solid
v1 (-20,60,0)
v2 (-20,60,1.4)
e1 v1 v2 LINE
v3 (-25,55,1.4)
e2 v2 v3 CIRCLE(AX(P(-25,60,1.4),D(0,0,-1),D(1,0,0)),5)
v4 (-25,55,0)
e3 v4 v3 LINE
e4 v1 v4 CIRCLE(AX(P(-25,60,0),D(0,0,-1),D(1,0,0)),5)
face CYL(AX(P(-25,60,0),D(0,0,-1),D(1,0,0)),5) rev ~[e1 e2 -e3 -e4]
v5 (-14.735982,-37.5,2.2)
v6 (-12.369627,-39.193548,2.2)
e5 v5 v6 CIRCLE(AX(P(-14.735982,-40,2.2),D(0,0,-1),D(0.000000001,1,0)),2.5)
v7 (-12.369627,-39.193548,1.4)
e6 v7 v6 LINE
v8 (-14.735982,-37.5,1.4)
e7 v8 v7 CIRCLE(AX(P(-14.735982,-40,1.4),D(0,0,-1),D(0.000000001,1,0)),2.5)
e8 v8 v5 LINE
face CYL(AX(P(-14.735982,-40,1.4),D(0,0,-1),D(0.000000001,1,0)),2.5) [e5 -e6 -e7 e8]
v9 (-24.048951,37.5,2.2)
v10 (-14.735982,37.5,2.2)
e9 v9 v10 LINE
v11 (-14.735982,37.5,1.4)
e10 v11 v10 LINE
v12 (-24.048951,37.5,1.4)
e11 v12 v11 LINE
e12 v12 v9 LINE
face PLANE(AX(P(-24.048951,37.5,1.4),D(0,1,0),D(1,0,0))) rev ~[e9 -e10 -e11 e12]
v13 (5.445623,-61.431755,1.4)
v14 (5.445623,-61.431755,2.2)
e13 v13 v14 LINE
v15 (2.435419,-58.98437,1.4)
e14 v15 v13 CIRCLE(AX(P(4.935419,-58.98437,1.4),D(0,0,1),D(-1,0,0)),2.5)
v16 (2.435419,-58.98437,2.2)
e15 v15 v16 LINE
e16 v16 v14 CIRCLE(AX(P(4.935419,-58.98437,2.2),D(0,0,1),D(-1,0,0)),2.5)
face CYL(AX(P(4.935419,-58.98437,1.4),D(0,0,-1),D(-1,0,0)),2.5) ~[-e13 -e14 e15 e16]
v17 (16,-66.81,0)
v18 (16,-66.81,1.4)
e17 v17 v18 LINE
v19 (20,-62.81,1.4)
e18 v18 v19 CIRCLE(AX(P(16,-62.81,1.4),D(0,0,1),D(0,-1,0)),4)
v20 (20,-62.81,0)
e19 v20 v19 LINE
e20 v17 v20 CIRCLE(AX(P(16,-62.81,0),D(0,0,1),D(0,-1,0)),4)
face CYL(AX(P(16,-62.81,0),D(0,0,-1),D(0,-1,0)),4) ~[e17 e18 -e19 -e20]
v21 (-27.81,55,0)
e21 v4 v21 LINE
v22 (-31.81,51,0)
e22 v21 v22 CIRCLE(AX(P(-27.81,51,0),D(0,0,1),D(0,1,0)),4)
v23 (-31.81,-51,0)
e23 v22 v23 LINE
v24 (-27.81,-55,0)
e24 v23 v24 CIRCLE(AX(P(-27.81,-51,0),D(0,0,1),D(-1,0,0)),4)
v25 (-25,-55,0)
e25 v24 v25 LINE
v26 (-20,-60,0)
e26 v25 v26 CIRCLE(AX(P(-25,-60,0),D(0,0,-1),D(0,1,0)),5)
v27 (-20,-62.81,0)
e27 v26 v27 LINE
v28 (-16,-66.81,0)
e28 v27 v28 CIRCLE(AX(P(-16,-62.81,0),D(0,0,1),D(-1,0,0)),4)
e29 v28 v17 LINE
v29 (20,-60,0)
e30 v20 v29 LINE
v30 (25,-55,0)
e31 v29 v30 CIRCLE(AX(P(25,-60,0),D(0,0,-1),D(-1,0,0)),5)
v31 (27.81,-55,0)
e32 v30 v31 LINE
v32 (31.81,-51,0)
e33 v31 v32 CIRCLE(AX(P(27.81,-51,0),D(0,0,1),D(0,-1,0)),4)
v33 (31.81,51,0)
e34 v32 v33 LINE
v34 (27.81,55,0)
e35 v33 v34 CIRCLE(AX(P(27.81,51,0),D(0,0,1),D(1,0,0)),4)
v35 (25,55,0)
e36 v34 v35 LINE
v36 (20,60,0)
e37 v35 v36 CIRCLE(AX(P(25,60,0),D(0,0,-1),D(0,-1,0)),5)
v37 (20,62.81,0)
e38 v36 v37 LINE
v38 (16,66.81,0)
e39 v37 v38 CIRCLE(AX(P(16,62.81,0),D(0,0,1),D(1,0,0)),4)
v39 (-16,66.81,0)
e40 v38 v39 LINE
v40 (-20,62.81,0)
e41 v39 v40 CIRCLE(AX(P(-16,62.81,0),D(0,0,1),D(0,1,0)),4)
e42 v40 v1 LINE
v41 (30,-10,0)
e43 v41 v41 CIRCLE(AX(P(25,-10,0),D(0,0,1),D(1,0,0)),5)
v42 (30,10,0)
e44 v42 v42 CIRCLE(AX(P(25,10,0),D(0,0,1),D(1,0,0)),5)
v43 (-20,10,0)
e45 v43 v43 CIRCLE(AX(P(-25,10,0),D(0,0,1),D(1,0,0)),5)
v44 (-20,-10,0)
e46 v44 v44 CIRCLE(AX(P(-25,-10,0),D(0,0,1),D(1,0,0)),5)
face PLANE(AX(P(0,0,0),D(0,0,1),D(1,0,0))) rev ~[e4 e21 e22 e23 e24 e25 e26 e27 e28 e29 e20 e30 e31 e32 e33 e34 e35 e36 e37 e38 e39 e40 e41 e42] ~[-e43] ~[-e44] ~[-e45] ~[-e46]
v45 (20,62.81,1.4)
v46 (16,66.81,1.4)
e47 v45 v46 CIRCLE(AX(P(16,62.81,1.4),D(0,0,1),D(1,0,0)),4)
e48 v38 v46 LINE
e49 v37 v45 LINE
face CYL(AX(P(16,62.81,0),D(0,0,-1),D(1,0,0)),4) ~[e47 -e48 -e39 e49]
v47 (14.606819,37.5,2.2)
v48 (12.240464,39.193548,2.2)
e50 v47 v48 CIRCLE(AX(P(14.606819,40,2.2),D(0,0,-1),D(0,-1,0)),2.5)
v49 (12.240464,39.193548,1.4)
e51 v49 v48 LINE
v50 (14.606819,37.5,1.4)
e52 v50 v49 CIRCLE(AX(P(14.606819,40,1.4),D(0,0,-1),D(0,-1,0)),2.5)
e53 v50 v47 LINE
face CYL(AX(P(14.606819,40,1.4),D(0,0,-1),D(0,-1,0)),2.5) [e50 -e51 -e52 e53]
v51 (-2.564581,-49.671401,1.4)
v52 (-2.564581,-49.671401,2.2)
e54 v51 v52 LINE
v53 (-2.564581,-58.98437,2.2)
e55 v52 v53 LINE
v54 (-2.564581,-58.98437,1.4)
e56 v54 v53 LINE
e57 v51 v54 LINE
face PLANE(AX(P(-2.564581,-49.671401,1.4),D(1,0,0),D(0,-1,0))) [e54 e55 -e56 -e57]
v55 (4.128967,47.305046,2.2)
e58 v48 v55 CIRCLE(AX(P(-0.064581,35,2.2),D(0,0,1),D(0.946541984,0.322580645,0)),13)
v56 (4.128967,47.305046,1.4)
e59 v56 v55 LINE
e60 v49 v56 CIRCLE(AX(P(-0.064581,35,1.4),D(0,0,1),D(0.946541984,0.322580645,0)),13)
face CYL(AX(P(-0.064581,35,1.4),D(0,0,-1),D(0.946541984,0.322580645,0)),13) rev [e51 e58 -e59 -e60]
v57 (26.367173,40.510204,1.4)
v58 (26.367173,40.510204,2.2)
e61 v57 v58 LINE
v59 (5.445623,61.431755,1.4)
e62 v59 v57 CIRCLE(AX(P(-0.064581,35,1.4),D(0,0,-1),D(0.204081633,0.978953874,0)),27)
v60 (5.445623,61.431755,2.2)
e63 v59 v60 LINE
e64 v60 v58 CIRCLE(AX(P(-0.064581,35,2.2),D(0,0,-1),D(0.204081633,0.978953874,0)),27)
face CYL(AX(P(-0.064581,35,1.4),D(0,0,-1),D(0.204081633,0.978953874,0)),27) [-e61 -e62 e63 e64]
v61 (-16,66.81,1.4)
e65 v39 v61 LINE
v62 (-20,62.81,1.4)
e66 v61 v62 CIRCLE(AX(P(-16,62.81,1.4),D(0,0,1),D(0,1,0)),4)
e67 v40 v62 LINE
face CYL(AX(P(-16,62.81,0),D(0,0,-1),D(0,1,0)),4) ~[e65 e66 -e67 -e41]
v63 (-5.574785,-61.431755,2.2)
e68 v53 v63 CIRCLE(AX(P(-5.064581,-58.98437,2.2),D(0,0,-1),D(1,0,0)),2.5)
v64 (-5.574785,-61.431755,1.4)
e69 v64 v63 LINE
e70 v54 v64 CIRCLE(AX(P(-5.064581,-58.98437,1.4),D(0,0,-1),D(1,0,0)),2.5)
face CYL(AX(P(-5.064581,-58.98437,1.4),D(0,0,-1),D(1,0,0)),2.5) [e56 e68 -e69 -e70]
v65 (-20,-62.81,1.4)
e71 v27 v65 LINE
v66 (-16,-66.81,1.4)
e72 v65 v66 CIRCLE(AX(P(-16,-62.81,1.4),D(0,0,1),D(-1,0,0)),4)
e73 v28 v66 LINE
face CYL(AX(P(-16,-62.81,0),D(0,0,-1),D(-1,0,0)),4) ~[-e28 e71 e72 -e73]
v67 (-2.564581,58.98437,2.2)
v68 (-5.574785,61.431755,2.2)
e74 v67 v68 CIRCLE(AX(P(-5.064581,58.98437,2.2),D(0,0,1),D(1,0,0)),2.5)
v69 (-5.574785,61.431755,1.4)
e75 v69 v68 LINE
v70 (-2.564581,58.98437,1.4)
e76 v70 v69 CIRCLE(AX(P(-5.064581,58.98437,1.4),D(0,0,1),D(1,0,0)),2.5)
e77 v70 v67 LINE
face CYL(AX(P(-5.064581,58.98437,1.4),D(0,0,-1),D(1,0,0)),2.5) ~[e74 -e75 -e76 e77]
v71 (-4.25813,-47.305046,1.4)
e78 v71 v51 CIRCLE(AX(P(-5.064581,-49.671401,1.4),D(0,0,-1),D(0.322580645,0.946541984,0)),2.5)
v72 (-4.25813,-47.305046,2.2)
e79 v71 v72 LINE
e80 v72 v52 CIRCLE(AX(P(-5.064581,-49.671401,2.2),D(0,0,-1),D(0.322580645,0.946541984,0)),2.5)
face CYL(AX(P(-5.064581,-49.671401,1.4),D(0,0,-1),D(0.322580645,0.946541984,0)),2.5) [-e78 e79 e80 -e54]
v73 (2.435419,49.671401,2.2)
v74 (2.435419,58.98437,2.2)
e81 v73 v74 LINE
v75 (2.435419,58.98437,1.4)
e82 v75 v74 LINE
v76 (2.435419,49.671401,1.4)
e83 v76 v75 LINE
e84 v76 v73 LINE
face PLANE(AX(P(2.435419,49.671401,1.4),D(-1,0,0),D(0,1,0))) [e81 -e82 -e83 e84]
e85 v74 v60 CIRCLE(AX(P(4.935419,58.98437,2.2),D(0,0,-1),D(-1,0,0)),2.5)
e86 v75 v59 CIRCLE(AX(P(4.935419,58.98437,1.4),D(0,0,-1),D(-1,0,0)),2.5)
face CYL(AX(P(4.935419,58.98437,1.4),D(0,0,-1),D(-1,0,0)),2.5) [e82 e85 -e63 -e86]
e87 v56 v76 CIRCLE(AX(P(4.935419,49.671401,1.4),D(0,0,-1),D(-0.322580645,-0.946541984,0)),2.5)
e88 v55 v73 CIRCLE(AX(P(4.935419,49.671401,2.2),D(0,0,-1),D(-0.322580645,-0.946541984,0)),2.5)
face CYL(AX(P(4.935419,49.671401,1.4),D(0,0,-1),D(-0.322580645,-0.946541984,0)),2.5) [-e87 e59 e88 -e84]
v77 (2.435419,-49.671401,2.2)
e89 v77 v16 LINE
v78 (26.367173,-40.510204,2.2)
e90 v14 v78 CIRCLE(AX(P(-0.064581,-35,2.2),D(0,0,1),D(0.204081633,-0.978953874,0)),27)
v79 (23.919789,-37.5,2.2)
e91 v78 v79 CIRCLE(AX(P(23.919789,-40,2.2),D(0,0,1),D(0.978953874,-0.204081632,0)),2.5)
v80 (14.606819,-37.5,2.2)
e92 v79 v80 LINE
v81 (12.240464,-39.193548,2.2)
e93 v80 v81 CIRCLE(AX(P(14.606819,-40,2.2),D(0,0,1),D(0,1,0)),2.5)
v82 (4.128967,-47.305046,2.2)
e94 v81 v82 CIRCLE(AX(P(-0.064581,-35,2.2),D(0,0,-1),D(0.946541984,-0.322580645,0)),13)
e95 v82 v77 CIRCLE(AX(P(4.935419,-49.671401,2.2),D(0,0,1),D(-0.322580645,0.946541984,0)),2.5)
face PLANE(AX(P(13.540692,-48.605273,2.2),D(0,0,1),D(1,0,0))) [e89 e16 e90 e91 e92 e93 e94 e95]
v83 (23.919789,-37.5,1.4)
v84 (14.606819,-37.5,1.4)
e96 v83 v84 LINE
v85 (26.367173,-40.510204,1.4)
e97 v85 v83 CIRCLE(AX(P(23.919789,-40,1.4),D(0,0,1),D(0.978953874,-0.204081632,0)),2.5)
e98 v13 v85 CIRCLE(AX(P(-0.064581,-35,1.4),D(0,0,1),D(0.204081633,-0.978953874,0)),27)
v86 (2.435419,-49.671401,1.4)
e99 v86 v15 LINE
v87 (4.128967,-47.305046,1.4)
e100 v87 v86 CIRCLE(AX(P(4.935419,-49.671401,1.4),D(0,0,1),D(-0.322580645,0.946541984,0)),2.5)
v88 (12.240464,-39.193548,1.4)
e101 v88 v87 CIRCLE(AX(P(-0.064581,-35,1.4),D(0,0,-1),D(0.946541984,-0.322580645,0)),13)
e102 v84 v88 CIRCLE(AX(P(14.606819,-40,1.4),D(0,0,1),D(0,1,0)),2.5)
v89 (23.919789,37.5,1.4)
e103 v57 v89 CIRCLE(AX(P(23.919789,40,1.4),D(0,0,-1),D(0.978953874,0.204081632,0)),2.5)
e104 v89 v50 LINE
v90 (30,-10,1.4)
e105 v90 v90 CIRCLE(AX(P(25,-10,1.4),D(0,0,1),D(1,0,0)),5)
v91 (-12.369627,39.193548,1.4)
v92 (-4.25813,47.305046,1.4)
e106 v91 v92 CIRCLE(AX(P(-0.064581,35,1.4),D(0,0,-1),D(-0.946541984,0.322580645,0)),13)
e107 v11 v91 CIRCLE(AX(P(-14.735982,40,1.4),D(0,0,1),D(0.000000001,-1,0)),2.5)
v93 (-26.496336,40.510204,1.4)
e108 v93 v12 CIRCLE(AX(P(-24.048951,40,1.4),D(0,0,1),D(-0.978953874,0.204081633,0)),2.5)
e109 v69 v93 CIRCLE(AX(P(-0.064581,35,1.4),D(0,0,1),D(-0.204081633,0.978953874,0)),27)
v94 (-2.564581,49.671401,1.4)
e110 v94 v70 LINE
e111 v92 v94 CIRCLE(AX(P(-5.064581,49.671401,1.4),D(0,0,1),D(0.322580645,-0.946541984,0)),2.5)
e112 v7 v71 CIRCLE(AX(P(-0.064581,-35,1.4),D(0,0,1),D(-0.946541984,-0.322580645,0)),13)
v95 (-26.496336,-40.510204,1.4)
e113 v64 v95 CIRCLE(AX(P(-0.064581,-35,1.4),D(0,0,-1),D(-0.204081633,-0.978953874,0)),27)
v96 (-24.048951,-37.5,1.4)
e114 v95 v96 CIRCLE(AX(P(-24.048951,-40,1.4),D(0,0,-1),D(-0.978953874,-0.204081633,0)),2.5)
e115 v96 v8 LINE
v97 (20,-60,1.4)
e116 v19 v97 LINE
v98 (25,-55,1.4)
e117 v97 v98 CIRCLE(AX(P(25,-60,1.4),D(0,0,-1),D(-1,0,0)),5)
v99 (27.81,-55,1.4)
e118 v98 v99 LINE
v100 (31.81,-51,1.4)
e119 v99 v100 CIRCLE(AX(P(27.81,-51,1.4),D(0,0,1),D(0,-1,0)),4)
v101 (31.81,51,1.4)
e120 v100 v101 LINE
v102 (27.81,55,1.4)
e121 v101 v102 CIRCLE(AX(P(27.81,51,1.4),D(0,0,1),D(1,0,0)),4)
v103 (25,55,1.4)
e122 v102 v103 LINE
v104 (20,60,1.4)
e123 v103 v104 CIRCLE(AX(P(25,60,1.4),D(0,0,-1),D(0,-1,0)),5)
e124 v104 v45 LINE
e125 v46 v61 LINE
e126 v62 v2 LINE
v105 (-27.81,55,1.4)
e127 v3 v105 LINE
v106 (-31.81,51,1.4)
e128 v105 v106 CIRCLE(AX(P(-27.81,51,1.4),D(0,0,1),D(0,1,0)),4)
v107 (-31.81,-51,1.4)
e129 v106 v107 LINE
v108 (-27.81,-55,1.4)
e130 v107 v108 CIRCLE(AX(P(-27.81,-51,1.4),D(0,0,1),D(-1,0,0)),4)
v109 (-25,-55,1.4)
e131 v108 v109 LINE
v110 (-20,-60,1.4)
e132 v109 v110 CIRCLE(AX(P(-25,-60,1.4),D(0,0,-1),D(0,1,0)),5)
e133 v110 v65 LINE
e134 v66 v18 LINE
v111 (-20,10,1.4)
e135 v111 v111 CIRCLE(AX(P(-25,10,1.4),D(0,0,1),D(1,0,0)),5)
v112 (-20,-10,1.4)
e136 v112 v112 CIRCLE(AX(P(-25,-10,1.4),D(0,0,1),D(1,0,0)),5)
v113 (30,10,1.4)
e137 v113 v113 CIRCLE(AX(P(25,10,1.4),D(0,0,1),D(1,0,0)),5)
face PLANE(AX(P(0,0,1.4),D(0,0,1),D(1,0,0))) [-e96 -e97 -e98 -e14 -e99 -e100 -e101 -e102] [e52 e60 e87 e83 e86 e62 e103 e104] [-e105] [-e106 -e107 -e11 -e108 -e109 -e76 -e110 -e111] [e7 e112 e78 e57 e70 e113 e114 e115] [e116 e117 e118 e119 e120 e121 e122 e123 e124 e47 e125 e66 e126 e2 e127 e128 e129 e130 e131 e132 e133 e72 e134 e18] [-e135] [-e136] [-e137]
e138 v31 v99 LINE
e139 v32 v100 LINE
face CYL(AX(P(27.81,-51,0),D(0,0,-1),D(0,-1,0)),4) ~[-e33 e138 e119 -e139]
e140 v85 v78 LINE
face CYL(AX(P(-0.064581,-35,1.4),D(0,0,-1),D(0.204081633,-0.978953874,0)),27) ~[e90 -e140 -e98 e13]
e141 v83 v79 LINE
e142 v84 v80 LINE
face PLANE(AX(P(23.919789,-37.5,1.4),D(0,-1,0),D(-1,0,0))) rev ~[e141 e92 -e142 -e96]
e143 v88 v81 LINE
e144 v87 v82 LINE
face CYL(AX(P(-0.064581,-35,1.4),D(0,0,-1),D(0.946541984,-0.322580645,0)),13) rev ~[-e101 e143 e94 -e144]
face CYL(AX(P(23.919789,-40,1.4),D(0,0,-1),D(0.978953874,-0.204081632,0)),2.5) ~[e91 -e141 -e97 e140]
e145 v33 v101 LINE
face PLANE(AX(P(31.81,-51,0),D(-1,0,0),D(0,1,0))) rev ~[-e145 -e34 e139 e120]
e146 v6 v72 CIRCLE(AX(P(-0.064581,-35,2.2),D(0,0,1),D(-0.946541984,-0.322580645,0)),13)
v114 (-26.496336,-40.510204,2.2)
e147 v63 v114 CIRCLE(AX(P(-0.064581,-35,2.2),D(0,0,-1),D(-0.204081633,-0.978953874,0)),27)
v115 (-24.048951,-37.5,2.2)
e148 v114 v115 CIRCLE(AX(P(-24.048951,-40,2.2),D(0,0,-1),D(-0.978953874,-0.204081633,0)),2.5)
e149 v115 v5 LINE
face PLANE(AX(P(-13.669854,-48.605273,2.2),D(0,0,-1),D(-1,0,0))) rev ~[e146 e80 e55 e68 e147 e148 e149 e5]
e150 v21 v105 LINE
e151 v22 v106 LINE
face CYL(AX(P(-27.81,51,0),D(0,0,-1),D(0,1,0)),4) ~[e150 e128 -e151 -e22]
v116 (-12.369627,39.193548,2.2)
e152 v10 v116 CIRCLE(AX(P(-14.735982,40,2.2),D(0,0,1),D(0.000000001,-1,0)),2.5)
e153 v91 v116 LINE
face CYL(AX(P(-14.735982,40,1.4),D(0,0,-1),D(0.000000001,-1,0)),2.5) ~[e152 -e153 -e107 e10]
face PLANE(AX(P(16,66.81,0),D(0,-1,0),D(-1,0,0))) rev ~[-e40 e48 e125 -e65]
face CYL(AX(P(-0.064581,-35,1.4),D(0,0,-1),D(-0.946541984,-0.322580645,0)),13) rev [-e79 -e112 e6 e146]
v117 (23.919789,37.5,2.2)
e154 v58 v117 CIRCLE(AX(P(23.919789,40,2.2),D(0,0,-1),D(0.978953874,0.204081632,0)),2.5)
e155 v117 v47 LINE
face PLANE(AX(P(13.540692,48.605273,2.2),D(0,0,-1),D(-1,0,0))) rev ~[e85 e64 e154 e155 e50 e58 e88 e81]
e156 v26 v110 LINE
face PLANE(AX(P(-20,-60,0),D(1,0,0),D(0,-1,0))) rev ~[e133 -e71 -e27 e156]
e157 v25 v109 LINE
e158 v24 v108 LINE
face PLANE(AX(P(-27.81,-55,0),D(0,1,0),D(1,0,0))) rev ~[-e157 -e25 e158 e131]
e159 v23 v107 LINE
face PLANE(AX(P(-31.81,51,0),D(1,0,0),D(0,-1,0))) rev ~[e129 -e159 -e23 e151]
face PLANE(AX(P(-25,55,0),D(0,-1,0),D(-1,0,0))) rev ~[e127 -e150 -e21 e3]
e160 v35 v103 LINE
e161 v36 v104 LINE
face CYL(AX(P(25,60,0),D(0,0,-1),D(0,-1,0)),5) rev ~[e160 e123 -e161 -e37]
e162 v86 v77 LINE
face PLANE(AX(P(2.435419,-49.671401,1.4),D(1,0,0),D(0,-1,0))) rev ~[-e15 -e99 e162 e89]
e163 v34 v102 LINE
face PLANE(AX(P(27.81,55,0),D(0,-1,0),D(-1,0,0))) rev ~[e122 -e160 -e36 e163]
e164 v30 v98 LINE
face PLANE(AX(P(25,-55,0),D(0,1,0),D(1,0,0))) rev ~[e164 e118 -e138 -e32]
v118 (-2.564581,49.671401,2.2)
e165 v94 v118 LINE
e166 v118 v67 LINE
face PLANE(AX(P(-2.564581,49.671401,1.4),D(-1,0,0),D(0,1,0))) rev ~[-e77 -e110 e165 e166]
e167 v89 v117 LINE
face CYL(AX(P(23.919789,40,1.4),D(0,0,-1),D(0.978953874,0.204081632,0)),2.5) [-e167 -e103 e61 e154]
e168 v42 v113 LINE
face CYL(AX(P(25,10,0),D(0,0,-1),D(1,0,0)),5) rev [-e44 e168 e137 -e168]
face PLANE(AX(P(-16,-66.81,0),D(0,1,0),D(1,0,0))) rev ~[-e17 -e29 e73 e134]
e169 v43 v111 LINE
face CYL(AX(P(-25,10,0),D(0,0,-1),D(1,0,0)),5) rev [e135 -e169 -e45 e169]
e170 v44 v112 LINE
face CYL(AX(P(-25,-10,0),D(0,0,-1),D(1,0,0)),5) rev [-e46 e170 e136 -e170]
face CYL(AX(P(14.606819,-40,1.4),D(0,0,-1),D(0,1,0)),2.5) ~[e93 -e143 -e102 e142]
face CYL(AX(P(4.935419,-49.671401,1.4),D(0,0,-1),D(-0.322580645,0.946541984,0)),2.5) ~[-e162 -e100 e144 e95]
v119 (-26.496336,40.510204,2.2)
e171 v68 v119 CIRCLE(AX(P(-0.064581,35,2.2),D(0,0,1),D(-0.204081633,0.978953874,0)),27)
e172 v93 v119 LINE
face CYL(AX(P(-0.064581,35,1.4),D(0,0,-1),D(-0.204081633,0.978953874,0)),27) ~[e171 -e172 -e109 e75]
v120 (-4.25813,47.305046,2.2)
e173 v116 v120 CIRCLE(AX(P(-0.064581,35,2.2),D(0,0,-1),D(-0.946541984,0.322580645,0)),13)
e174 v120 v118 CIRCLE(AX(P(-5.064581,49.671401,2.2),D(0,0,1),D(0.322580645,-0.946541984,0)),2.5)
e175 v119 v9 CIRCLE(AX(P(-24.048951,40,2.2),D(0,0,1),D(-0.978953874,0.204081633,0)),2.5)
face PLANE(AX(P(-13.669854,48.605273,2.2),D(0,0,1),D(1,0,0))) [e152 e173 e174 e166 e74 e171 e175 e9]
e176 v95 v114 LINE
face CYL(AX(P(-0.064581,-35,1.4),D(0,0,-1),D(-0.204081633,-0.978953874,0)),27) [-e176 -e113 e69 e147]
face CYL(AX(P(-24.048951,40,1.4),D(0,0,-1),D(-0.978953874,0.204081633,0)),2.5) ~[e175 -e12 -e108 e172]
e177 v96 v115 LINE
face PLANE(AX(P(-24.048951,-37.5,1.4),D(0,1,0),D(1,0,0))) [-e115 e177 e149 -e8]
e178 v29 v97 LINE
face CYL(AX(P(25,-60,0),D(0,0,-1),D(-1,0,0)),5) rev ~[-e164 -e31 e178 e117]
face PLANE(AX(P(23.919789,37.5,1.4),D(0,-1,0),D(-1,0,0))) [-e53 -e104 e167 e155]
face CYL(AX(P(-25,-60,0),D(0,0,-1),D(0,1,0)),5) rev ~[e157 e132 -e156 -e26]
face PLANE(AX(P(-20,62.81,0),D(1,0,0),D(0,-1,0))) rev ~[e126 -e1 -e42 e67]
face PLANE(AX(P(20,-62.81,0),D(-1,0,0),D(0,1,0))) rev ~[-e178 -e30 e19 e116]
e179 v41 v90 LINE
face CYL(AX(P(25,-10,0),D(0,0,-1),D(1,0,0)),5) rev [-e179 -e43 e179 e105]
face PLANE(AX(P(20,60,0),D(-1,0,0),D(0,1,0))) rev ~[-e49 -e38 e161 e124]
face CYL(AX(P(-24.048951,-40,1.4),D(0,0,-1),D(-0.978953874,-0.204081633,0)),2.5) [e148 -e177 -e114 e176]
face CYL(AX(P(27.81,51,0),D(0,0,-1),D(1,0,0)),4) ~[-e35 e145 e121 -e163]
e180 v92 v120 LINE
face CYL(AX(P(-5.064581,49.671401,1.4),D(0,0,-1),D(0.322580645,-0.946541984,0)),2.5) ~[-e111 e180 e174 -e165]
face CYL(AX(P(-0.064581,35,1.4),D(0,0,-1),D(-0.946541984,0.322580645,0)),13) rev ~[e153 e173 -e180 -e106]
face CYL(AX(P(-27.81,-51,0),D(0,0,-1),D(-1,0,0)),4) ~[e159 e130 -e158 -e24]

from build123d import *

# Parameters (mm, degrees)
SKETCH1_R           = 5
BOSS_EXTRUDE1_DEPTH = 1.4
BOSS_EXTRUDE2_DEPTH = 0.8


with BuildPart() as part:
    # Sketch1 → Boss-Extrude1 (new body)
    with BuildSketch(Plane.XY):
        with BuildLine():
            Line((20, 60), (20, 62.81))
            ThreePointArc((20, 62.81), (18.828427125, 65.638427125), (16, 66.81))
            Line((16, 66.81), (-16, 66.81))
            ThreePointArc((-16, 66.81), (-18.828427125, 65.638427125), (-20, 62.81))
            Line((-20, 62.81), (-20, 60))
            ThreePointArc((-20, 60), (-21.464466094, 56.464466094), (-25, 55))
            Line((-25, 55), (-27.81, 55))
            ThreePointArc((-27.81, 55), (-30.638427125, 53.828427125), (-31.81, 51))
            Line((-31.81, 51), (-31.81, -51))
            ThreePointArc((-31.81, -51), (-30.638427125, -53.828427125), (-27.81, -55))
            Line((-27.81, -55), (-25, -55))
            ThreePointArc((-25, -55), (-21.464466094, -56.464466094), (-20, -60))
            Line((-20, -60), (-20, -62.81))
            ThreePointArc((-20, -62.81), (-18.828427125, -65.638427125), (-16, -66.81))
            Line((-16, -66.81), (16, -66.81))
            ThreePointArc((16, -66.81), (18.828427125, -65.638427125), (20, -62.81))
            Line((20, -62.81), (20, -60))
            ThreePointArc((20, -60), (21.464466094, -56.464466094), (25, -55))
            Line((25, -55), (27.81, -55))
            ThreePointArc((27.81, -55), (30.638427125, -53.828427125), (31.81, -51))
            Line((31.81, -51), (31.81, 51))
            ThreePointArc((31.81, 51), (30.638427125, 53.828427125), (27.81, 55))
            Line((27.81, 55), (25, 55))
            ThreePointArc((25, 55), (21.464466094, 56.464466094), (20, 60))
        make_face()
        with Locations((-25, 10)):
            Circle(SKETCH1_R, mode=Mode.SUBTRACT)
        with Locations((25, 10)):
            Circle(SKETCH1_R, mode=Mode.SUBTRACT)
        with Locations((-25, -10)):
            Circle(SKETCH1_R, mode=Mode.SUBTRACT)
        with Locations((25, -10)):
            Circle(SKETCH1_R, mode=Mode.SUBTRACT)
    extrude(amount=BOSS_EXTRUDE1_DEPTH)

    # Sketch2 → Boss-Extrude2 (add)
    with BuildSketch(Plane.XY.offset(1.4)):
        with BuildLine():
            Line((-24.048951294, 37.5), (-14.735982135, 37.5))
            ThreePointArc((-14.735982135, 37.5), (-13.281012897, 37.967006022), (-12.369627175, 39.193548387))
            ThreePointArc((-12.369627175, 39.193548387), (-9.256969539, 44.192388155), (-4.258129771, 47.305045791))
            ThreePointArc((-4.258129771, 47.305045791), (-3.031587405, 48.216431513), (-2.564581384, 49.671400751))
            Line((-2.564581384, 49.671400751), (-2.564581384, 58.98436991))
            ThreePointArc((-2.564581384, 58.98436991), (-3.487481229, 60.924152141), (-5.574785465, 61.431754595))
            ThreePointArc((-5.574785465, 61.431754595), (-19.156464476, 54.091883092), (-26.496335979, 40.510204082))
            ThreePointArc((-26.496335979, 40.510204082), (-25.988733525, 38.422899845), (-24.048951294, 37.5))
        make_face()
        with BuildLine():
            Line((23.919788527, 37.5), (14.606819368, 37.5))
            ThreePointArc((14.606819368, 37.5), (13.151850129, 37.967006022), (12.240464408, 39.193548387))
            ThreePointArc((12.240464408, 39.193548387), (9.127806772, 44.192388155), (4.128967004, 47.305045791))
            ThreePointArc((4.128967004, 47.305045791), (2.902424638, 48.216431513), (2.435418616, 49.671400751))
            Line((2.435418616, 49.671400751), (2.435418616, 58.98436991))
            ThreePointArc((2.435418616, 58.98436991), (3.358318462, 60.924152141), (5.445622698, 61.431754595))
            ThreePointArc((5.445622698, 61.431754595), (19.027301709, 54.091883092), (26.367173212, 40.510204082))
            ThreePointArc((26.367173212, 40.510204082), (25.859570757, 38.422899845), (23.919788527, 37.5))
        make_face()
        with BuildLine():
            Line((-24.048951294, -37.5), (-14.735982135, -37.5))
            ThreePointArc((-14.735982135, -37.5), (-13.281012897, -37.967006022), (-12.369627175, -39.193548387))
            ThreePointArc((-12.369627175, -39.193548387), (-9.256969539, -44.192388155), (-4.258129771, -47.305045791))
            ThreePointArc((-4.258129771, -47.305045791), (-3.031587405, -48.216431513), (-2.564581384, -49.671400751))
            Line((-2.564581384, -49.671400751), (-2.564581384, -58.98436991))
            ThreePointArc((-2.564581384, -58.98436991), (-3.487481229, -60.924152141), (-5.574785465, -61.431754595))
            ThreePointArc((-5.574785465, -61.431754595), (-19.156464476, -54.091883092), (-26.496335979, -40.510204082))
            ThreePointArc((-26.496335979, -40.510204082), (-25.988733525, -38.422899845), (-24.048951294, -37.5))
        make_face()
        with BuildLine():
            Line((2.435418616, -49.671400751), (2.435418616, -58.98436991))
            ThreePointArc((2.435418616, -58.98436991), (3.358318462, -60.924152141), (5.445622698, -61.431754595))
            ThreePointArc((5.445622698, -61.431754595), (19.027301709, -54.091883092), (26.367173212, -40.510204082))
            ThreePointArc((26.367173212, -40.510204082), (25.859570757, -38.422899845), (23.919788527, -37.5))
            Line((23.919788527, -37.5), (14.606819368, -37.5))
            ThreePointArc((14.606819368, -37.5), (13.151850129, -37.967006022), (12.240464408, -39.193548387))
            ThreePointArc((12.240464408, -39.193548387), (9.127806772, -44.192388155), (4.128967004, -47.305045791))
            ThreePointArc((4.128967004, -47.305045791), (2.902424638, -48.216431513), (2.435418616, -49.671400751))
        make_face()
    extrude(amount=BOSS_EXTRUDE2_DEPTH)


solid = part.part
